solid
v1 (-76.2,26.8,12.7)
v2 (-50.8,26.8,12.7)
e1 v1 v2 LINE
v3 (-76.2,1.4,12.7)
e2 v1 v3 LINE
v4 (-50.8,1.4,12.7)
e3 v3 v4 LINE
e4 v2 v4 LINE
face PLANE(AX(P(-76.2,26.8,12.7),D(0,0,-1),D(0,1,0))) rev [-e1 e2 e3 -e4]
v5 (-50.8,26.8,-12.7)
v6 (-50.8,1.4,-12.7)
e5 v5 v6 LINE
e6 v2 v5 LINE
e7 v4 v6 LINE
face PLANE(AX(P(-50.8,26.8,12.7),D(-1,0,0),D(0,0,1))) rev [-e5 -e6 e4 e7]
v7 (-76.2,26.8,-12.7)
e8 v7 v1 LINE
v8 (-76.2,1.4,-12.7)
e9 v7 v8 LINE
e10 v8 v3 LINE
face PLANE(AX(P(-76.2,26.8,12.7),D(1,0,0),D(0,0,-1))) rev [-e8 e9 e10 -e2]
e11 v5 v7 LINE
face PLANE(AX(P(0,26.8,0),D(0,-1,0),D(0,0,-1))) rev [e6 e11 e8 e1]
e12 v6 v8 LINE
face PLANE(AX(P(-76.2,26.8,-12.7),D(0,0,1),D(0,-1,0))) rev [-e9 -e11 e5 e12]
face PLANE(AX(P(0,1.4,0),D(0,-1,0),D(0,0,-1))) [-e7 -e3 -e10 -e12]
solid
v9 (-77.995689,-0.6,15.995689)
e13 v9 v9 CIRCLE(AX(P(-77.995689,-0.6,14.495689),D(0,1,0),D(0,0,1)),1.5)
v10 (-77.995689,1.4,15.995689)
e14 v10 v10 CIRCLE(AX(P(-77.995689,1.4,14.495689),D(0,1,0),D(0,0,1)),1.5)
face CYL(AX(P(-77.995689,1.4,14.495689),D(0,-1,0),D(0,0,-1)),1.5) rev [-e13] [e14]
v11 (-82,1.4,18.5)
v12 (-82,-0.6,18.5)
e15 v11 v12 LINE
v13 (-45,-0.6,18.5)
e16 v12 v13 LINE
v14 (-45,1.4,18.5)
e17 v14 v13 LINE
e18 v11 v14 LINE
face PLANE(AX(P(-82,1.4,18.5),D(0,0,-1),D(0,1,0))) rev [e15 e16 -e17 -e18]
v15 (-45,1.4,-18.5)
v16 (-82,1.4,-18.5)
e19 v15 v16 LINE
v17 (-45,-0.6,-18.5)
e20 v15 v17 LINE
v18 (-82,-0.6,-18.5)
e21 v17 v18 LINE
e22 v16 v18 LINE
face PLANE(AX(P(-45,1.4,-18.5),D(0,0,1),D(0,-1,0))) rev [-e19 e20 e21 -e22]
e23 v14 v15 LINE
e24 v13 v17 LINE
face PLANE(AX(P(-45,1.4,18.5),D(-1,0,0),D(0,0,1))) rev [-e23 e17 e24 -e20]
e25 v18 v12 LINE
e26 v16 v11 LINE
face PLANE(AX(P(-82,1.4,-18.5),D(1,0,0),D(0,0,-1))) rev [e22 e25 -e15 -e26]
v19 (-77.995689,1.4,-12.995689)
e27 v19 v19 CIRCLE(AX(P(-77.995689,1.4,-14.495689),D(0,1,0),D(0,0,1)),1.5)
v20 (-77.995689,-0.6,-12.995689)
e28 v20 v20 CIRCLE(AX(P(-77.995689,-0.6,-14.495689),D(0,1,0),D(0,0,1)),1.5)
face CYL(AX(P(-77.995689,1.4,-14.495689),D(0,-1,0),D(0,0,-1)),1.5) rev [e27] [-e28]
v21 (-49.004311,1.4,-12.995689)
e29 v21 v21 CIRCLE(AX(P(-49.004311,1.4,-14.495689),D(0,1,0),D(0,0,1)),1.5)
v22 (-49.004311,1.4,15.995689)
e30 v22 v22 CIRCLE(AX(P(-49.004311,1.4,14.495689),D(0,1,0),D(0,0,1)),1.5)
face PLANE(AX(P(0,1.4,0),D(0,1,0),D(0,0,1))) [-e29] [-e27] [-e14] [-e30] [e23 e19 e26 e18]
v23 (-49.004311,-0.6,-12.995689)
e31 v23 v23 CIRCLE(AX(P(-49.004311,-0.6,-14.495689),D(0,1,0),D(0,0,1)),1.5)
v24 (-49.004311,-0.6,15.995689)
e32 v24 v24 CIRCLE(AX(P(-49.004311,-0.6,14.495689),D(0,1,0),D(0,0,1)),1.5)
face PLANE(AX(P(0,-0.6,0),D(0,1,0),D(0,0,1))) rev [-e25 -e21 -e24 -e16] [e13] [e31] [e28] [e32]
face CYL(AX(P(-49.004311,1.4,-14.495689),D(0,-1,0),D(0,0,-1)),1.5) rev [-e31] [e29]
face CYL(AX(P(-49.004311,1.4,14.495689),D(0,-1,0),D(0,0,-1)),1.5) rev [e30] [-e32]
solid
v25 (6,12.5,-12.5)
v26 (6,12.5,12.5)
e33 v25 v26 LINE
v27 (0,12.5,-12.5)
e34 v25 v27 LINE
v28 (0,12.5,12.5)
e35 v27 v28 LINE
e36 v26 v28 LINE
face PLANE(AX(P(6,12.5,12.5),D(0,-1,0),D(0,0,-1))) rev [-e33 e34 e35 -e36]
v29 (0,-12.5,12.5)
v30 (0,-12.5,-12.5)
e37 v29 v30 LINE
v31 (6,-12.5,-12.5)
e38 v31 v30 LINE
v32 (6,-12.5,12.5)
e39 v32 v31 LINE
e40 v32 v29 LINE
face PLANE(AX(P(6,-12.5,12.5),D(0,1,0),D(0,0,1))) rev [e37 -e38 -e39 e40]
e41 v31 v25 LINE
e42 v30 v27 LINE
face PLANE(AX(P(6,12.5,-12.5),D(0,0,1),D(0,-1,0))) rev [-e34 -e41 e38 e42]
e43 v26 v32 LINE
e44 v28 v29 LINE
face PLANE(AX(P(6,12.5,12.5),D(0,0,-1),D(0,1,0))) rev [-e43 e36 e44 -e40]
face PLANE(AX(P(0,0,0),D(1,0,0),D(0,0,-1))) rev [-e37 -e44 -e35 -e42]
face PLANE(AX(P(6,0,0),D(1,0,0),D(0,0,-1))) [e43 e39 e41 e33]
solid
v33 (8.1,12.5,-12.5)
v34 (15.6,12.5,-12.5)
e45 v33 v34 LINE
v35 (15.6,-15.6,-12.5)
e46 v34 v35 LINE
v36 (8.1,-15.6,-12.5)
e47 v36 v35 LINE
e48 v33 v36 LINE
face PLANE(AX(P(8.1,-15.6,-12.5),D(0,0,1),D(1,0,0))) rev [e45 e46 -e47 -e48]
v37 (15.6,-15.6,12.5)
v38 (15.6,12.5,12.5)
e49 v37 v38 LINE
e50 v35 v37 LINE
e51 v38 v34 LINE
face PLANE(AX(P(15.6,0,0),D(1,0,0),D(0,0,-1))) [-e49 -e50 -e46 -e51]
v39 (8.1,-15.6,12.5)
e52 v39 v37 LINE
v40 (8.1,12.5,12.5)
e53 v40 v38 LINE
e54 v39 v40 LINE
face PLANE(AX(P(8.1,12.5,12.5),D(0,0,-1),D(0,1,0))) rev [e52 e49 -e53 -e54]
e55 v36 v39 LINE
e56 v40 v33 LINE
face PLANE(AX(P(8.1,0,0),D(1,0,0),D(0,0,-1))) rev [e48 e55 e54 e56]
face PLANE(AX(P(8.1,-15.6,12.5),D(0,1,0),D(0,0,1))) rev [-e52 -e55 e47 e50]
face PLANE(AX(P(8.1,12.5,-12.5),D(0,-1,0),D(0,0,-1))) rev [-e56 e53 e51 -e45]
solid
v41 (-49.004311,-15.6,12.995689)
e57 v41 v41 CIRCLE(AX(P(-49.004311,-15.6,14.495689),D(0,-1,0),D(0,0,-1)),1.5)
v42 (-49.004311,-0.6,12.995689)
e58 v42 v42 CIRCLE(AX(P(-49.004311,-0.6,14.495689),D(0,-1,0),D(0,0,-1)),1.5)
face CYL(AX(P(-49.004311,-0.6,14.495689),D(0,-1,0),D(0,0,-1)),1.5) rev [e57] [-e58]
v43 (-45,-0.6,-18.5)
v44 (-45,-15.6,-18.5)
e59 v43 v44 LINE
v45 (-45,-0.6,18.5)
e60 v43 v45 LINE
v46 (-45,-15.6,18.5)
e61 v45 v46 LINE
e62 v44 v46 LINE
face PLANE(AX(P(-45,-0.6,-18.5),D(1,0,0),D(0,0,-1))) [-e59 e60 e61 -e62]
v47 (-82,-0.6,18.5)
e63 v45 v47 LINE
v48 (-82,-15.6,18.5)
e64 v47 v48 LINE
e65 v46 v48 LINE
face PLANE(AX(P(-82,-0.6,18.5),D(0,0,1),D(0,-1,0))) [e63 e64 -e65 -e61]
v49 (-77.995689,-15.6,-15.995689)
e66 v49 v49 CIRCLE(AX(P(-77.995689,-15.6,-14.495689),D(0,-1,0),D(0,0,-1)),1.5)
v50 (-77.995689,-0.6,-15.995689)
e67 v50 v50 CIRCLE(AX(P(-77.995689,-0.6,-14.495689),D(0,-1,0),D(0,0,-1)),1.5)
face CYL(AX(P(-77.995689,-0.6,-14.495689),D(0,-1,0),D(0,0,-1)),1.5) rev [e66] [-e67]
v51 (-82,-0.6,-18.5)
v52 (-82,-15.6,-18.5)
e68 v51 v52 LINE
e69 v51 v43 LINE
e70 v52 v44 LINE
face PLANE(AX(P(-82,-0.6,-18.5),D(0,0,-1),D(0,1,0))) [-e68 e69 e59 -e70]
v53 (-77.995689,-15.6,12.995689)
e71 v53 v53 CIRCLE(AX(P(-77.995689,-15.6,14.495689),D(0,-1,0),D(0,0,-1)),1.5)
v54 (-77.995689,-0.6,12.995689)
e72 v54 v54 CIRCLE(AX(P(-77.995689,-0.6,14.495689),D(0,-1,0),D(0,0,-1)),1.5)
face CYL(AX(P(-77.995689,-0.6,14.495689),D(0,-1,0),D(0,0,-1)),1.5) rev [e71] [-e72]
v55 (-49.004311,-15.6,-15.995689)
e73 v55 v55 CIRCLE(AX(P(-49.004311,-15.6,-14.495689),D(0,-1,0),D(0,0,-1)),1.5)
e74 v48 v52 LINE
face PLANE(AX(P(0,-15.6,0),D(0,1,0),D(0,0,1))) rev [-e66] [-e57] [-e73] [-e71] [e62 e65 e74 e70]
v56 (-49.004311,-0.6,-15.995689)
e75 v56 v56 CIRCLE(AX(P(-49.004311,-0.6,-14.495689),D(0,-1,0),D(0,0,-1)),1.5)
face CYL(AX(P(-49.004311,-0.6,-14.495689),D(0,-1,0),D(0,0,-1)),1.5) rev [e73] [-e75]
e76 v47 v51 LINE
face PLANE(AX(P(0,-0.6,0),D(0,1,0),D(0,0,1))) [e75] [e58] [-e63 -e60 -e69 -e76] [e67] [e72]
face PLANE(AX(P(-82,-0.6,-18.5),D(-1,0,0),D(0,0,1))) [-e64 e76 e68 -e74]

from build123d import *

# Parameters (mm, degrees)
SKETCH1_W           = 25
SKETCH1_H           = 25
BOSS_EXTRUDE1_DEPTH = 6
SKETCH3_W           = 25
SKETCH3_H           = 28.1
BOSS_EXTRUDE2_DEPTH = 7.5
SKETCH11_W          = 37
SKETCH11_H          = 37
SKETCH11_R          = 1.5
BOSS_EXTRUDE4_DEPTH = 15
SKETCH12_W          = 37
SKETCH12_H          = 37
SKETCH12_R          = 1.5
BOSS_EXTRUDE5_DEPTH = 2
SKETCH13_W          = 25.4
SKETCH13_H          = 25.4
BOSS_EXTRUDE6_DEPTH = 25.4


with BuildPart() as part:
    # Sketch1 → Boss-Extrude1 (new body)
    with BuildSketch(Plane(origin=(0, 0, 0), x_dir=(0, 0, -1), z_dir=(1, 0, 0))):
        Rectangle(SKETCH1_W, SKETCH1_H)
    extrude(amount=BOSS_EXTRUDE1_DEPTH)


with BuildPart() as body_2:
    # Sketch3 → Boss-Extrude2 (new body)
    with BuildSketch(Plane.ZY.offset(-15.6)):
        with Locations((0, -1.55)):
            Rectangle(SKETCH3_W, SKETCH3_H)
    extrude(amount=BOSS_EXTRUDE2_DEPTH)


with BuildPart() as body_3:
    # Sketch11 → Boss-Extrude4 (new body)
    with BuildSketch(Plane.XZ.offset(15.6)):
        with Locations((-63.5, 0)):
            Rectangle(SKETCH11_W, SKETCH11_H)
        with Locations(Location((-49.004310986, 14.495689014, 0), (0, 0, 270))):
            Circle(SKETCH11_R, mode=Mode.SUBTRACT)
        with Locations(Location((-49.004310986, -14.495689014, 0), (0, 0, 270))):
            Circle(SKETCH11_R, mode=Mode.SUBTRACT)
        with Locations(Location((-77.995689014, -14.495689014, 0), (0, 0, 270))):
            Circle(SKETCH11_R, mode=Mode.SUBTRACT)
        with Locations(Location((-77.995689014, 14.495689014, 0), (0, 0, 270))):
            Circle(SKETCH11_R, mode=Mode.SUBTRACT)
    extrude(amount=-BOSS_EXTRUDE4_DEPTH)


with BuildPart() as body_4:
    # Sketch12 → Boss-Extrude5 (new body)
    with BuildSketch(Plane(origin=(0, -0.6, 0), x_dir=(1, 0, 0), z_dir=(0, 1, 0))):
        with Locations((-63.5, 0)):
            Rectangle(SKETCH12_W, SKETCH12_H)
        with Locations(Location((-77.995689014, -14.495689014, 0), (0, 0, 270))):
            Circle(SKETCH12_R, mode=Mode.SUBTRACT)
        with Locations(Location((-77.995689014, 14.495689014, 0), (0, 0, 270))):
            Circle(SKETCH12_R, mode=Mode.SUBTRACT)
        with Locations(Location((-49.004310986, 14.495689014, 0), (0, 0, 270))):
            Circle(SKETCH12_R, mode=Mode.SUBTRACT)
        with Locations(Location((-49.004310986, -14.495689014, 0), (0, 0, 270))):
            Circle(SKETCH12_R, mode=Mode.SUBTRACT)
    extrude(amount=BOSS_EXTRUDE5_DEPTH)


with BuildPart() as body_5:
    # Sketch13 → Boss-Extrude6 (new body)
    with BuildSketch(Plane(origin=(0, 1.4, 0), x_dir=(1, 0, 0), z_dir=(0, 1, 0))):
        with Locations((-63.5, 0)):
            Rectangle(SKETCH13_W, SKETCH13_H)
    extrude(amount=BOSS_EXTRUDE6_DEPTH)


solid = Compound([part.part, body_2.part, body_3.part, body_4.part, body_5.part])
